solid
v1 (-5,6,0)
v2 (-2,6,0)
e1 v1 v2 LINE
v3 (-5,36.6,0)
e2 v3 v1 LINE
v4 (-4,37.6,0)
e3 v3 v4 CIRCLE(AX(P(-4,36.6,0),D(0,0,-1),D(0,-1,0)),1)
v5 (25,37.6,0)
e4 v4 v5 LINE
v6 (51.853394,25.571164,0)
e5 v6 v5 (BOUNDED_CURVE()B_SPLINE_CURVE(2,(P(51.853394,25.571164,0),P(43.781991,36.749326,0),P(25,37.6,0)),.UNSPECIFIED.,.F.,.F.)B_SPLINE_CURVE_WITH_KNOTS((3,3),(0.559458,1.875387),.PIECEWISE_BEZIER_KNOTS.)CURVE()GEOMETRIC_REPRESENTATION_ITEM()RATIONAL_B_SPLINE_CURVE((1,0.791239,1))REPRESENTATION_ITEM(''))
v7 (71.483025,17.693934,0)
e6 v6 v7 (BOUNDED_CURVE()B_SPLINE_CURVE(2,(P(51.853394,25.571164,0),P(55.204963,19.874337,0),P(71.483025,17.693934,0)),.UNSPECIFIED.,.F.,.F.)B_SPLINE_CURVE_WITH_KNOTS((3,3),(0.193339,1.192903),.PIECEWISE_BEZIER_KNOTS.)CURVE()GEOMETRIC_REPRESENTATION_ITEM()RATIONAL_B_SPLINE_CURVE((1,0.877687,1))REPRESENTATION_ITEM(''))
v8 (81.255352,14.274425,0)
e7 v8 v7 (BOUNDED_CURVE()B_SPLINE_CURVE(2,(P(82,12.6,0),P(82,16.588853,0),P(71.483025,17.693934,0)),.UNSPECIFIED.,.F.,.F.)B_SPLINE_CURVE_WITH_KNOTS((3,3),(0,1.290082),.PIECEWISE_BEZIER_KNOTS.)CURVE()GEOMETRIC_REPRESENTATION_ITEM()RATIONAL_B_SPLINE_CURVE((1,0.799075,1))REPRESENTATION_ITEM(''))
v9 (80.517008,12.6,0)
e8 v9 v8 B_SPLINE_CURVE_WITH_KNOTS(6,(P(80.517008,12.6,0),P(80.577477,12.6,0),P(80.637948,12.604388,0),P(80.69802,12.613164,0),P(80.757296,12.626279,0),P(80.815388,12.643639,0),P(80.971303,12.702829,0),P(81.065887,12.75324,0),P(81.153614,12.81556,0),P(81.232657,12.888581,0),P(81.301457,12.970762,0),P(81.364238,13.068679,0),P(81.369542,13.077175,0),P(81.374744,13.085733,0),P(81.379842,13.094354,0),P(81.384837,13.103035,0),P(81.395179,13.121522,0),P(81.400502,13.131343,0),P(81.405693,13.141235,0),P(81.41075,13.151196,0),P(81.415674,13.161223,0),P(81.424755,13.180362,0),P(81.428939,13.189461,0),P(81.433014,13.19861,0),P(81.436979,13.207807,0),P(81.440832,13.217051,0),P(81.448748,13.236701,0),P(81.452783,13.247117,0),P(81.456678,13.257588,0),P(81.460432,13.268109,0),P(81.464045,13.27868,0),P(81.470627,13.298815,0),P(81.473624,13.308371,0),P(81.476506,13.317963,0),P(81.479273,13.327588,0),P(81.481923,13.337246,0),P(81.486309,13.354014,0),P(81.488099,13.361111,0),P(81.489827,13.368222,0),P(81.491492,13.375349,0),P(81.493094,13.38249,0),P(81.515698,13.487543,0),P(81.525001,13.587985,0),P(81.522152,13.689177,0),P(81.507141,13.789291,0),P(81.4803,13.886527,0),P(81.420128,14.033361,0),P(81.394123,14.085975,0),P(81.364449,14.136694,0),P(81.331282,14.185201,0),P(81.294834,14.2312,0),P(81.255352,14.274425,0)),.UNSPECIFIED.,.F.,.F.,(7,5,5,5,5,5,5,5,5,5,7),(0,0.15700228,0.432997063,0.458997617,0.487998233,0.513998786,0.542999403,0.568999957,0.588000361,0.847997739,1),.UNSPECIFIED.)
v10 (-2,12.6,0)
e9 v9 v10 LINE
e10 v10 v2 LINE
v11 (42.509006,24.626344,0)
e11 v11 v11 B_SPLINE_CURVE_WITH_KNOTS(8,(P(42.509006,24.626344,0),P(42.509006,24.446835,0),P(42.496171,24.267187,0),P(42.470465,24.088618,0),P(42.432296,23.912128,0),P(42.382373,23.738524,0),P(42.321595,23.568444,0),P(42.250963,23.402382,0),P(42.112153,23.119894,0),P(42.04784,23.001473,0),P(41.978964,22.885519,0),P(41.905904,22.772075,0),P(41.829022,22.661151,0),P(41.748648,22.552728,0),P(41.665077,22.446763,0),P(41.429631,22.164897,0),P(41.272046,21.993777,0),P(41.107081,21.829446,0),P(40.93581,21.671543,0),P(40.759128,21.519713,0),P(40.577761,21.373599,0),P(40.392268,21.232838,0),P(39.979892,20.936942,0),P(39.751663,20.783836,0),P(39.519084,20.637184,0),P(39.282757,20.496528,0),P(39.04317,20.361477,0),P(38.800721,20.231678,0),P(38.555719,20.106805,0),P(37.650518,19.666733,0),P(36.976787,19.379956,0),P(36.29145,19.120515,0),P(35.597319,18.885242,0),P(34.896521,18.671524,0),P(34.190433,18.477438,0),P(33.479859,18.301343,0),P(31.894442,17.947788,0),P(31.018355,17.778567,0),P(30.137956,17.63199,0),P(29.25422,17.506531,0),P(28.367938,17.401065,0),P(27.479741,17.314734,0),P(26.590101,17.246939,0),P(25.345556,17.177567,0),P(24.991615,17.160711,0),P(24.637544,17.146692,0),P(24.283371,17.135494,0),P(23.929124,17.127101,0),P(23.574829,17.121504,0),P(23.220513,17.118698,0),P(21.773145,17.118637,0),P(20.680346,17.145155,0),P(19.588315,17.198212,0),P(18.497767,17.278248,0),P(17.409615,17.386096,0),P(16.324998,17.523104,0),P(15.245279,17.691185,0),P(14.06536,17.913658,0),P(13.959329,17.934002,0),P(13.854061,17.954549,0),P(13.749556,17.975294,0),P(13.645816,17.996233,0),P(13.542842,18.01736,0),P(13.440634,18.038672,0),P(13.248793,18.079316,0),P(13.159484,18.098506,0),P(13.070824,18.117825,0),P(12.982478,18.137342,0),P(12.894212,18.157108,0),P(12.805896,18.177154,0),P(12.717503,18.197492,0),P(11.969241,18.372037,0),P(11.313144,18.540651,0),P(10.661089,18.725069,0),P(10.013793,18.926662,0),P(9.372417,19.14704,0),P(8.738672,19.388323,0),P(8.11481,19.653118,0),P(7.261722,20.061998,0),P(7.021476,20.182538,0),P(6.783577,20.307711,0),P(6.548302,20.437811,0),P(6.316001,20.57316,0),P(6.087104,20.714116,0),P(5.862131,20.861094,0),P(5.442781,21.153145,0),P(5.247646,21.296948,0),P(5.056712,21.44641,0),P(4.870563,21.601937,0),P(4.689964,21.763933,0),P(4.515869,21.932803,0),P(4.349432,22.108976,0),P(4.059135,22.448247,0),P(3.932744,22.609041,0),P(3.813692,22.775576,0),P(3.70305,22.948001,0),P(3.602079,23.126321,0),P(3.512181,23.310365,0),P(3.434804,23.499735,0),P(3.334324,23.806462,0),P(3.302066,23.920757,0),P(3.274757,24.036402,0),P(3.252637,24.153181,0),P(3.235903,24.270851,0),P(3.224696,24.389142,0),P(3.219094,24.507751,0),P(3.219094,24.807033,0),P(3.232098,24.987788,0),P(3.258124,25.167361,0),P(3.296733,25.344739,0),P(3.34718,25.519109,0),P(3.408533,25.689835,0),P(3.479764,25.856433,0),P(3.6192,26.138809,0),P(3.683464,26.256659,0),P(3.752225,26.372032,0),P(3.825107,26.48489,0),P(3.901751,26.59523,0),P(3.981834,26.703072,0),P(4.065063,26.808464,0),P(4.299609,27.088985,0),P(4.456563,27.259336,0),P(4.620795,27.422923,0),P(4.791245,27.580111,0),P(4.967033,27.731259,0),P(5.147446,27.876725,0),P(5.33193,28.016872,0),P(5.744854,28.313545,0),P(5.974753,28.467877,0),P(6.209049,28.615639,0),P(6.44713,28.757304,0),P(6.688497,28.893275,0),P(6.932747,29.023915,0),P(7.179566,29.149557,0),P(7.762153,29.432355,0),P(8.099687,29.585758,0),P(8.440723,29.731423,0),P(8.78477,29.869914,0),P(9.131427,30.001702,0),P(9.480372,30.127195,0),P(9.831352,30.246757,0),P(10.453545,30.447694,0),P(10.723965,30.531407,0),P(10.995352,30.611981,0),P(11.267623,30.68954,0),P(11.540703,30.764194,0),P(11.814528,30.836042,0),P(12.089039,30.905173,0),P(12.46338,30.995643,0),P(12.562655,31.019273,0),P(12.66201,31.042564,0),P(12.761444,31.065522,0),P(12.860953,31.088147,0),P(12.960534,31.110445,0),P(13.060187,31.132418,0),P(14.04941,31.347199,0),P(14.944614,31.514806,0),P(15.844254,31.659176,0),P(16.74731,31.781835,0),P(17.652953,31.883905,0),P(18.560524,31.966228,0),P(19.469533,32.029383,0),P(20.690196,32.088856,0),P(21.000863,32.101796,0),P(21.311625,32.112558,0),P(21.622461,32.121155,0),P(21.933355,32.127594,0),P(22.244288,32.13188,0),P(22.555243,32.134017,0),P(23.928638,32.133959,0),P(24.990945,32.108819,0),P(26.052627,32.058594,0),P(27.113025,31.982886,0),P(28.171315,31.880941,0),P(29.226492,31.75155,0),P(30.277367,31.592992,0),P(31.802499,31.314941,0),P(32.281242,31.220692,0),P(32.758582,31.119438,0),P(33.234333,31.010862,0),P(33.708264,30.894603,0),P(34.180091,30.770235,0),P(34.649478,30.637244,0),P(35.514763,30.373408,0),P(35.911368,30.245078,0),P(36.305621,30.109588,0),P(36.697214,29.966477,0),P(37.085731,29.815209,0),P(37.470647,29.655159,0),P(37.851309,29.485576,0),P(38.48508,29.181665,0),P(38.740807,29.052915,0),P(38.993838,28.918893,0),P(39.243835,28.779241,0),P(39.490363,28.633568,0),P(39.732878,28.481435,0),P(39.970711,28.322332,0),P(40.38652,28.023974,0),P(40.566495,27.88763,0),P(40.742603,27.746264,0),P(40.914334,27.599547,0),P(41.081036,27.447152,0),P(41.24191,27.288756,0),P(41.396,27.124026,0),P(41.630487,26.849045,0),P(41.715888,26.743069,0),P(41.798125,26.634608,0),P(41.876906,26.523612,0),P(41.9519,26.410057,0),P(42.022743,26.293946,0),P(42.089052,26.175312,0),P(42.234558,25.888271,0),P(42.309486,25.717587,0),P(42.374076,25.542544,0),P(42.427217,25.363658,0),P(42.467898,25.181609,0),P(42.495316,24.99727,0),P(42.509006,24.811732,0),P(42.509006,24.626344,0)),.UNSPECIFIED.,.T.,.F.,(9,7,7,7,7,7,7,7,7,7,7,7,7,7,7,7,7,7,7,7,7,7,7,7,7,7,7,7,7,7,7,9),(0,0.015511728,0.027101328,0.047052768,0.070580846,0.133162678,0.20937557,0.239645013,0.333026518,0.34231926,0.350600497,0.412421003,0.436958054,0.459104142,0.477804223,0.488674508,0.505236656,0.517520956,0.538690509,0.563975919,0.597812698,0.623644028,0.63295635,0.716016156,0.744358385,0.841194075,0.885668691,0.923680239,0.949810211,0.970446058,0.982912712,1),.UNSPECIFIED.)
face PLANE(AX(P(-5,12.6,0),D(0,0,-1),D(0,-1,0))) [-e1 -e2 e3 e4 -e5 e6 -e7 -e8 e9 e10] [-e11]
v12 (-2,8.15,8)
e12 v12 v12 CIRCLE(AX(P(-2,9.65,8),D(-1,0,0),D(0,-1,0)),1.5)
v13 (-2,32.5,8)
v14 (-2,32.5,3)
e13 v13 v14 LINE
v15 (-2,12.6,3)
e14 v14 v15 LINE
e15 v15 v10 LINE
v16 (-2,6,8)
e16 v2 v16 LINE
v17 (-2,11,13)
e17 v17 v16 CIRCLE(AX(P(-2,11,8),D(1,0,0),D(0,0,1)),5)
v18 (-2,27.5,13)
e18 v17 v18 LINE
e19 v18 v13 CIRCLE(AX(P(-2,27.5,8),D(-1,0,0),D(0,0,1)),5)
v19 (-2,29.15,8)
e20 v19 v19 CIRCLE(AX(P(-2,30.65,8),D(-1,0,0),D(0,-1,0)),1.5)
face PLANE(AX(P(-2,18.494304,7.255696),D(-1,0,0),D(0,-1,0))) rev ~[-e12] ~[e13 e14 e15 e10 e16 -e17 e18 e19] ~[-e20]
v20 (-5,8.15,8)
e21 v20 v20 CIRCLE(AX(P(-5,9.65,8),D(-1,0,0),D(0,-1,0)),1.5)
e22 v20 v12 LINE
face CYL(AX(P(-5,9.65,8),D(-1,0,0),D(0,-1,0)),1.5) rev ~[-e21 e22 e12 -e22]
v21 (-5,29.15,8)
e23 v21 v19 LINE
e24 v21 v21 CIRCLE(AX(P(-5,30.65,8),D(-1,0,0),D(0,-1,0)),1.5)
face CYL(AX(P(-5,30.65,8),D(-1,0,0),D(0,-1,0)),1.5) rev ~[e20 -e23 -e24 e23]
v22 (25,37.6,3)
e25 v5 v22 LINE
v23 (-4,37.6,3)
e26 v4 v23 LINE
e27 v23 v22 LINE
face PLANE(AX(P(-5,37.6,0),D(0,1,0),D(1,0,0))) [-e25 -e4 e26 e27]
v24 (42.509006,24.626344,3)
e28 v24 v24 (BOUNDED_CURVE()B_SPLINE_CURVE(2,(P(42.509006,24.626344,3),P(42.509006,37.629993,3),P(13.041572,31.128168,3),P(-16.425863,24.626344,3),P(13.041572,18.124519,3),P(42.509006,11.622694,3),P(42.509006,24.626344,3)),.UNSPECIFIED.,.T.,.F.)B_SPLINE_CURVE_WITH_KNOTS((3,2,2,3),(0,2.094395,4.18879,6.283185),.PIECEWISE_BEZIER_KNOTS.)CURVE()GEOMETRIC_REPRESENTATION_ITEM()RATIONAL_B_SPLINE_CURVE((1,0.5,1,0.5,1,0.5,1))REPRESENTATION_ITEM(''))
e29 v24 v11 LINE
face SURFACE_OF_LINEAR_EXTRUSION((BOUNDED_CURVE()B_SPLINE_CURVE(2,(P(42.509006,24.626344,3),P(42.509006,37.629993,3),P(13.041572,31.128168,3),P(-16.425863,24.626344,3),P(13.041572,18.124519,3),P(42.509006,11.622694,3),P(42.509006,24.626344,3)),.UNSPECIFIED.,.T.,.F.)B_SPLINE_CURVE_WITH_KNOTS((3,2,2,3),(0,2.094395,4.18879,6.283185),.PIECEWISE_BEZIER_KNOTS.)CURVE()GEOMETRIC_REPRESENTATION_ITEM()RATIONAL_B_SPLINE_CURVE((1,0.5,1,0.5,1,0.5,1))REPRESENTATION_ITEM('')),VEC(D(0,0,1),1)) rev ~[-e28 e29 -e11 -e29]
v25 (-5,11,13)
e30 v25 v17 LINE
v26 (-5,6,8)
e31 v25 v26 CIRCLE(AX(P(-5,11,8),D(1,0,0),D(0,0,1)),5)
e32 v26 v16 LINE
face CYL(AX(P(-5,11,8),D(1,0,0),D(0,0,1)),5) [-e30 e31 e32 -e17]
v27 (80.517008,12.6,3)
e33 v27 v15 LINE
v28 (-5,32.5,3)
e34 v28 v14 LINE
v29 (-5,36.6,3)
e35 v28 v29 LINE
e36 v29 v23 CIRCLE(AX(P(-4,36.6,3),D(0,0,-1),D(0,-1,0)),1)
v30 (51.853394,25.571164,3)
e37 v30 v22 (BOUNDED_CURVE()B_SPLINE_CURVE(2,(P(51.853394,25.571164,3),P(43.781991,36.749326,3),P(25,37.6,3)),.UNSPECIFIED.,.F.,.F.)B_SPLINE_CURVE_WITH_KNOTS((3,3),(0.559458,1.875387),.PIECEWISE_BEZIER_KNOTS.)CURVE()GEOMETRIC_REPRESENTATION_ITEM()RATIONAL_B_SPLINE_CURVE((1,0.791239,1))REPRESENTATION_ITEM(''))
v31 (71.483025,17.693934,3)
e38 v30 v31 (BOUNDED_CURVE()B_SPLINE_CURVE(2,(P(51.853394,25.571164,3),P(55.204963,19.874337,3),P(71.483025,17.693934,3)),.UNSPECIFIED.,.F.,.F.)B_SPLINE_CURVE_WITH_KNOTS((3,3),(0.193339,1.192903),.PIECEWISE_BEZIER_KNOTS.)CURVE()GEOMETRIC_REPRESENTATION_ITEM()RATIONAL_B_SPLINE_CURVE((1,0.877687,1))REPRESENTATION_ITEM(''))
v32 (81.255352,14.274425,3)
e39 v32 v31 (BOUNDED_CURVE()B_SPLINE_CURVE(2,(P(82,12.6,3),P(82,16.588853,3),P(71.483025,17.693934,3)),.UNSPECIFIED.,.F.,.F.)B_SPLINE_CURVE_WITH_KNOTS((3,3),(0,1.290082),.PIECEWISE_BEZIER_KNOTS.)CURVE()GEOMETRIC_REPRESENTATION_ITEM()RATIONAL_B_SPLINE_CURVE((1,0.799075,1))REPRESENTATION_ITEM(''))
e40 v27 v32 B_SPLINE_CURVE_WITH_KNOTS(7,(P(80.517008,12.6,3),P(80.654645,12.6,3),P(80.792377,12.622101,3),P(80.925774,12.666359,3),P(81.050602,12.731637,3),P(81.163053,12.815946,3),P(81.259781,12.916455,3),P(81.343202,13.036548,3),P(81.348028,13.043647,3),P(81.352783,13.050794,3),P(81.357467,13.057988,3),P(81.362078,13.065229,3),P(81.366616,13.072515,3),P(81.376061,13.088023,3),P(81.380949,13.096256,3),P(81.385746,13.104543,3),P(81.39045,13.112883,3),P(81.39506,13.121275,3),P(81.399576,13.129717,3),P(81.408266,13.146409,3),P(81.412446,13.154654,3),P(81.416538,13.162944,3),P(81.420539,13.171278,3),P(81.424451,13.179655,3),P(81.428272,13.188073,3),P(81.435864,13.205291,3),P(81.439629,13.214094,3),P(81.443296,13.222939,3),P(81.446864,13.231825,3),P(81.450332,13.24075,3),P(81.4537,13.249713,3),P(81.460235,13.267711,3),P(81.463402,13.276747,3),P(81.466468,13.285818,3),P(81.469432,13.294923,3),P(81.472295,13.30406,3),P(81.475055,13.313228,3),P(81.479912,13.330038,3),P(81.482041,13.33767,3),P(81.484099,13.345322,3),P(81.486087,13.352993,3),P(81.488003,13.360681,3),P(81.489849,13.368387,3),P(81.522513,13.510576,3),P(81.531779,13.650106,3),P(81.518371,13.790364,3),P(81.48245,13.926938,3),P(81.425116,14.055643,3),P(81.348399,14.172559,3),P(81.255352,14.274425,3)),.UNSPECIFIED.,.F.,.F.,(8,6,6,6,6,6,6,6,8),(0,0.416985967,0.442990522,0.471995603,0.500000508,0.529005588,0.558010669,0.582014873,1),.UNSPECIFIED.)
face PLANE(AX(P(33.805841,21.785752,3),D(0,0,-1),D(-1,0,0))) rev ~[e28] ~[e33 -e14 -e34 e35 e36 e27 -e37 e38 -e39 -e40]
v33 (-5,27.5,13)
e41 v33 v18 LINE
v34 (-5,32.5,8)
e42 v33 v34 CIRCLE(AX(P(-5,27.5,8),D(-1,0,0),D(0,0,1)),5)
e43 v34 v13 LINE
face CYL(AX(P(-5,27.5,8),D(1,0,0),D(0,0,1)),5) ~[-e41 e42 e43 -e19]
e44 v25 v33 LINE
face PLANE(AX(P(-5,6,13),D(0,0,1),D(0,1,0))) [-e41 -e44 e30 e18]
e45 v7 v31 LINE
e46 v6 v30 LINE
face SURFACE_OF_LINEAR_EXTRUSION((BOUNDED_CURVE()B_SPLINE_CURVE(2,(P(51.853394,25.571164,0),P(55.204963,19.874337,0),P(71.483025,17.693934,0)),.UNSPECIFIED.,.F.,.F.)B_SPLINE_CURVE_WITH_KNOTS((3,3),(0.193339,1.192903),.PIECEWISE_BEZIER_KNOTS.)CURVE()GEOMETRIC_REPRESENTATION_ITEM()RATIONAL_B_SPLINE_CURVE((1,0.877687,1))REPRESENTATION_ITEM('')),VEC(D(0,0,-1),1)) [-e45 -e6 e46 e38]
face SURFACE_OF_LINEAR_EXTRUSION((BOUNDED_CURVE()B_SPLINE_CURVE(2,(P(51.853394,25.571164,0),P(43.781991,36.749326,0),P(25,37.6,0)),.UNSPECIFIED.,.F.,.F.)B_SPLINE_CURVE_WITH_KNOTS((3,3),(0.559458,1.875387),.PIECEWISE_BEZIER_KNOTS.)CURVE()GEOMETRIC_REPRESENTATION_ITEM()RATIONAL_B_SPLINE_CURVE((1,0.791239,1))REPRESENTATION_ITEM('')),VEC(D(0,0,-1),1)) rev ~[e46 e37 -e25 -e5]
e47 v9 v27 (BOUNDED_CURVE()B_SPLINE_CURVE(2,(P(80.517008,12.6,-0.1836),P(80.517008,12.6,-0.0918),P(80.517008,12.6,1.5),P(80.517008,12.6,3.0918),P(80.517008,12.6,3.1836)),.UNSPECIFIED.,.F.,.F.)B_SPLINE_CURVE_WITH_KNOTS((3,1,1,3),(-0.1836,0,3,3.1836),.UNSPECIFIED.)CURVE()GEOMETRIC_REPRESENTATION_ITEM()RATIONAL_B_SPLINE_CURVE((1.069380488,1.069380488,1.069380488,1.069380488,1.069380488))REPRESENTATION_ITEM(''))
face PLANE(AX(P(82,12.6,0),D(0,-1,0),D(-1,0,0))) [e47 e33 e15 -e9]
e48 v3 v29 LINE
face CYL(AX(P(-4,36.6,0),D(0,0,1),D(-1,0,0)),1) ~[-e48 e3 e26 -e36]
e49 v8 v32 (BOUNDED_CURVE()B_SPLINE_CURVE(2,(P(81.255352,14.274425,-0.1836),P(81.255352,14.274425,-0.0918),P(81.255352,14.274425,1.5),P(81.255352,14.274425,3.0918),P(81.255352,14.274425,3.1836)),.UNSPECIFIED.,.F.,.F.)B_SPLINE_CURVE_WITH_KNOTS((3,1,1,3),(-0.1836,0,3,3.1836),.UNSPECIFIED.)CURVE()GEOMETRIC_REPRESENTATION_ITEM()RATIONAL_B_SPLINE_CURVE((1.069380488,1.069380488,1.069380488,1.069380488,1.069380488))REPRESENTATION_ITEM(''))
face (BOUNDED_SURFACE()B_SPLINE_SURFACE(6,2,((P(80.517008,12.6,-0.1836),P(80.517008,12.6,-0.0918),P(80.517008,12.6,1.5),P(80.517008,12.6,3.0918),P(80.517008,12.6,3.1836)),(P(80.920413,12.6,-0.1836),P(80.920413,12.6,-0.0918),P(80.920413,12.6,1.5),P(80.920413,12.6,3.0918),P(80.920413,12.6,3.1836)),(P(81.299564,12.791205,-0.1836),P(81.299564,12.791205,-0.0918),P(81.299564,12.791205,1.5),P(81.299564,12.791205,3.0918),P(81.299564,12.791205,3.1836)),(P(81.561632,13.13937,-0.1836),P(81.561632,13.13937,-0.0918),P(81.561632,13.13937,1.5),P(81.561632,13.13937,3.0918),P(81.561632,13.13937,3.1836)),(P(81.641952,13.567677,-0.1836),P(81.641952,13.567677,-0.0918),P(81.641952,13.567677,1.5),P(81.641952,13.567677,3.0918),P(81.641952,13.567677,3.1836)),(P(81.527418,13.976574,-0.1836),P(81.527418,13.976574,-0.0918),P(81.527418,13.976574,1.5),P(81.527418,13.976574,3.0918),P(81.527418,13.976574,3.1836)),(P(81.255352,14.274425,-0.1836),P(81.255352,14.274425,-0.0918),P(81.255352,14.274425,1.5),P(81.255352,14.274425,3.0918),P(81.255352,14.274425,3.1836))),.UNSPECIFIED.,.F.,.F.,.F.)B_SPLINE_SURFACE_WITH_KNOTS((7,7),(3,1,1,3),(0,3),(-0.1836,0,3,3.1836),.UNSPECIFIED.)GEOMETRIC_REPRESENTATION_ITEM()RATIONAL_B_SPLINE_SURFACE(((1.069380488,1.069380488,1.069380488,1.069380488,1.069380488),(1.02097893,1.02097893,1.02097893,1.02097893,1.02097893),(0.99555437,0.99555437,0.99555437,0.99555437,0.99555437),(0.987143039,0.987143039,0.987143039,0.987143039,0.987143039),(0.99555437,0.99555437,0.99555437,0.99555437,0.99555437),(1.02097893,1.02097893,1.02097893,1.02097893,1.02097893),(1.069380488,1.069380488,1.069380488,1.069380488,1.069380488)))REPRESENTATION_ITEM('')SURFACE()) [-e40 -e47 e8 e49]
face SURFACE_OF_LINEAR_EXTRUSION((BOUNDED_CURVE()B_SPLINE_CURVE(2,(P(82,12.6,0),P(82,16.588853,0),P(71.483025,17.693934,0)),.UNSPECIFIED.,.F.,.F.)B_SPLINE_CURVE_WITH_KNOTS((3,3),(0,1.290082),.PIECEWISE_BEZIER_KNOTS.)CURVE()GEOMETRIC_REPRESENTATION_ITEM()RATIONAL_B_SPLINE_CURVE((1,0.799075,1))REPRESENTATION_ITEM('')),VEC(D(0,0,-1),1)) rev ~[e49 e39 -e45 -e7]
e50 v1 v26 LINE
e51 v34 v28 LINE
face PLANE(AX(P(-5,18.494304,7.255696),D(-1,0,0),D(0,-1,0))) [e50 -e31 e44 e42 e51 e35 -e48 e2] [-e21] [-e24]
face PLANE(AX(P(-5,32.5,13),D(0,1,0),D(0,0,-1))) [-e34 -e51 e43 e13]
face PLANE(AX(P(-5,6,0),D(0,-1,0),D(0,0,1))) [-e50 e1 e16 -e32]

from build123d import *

# Parameters (mm, degrees)
PAD_DEPTH       = 3
PAD001_DEPTH    = 3
SKETCH002_R     = 1.5
POCKET_DEPTH    = 87.001
FILLET_R        = 5
FILLET001_R     = 1
FILLET002_R     = 1
POCKET001_DEPTH = 3.001


with BuildPart() as part:
    # Sketch → Pad (new body)
    with BuildSketch(Plane.XY):
        with BuildLine():
            add(Edge.make_bspline(
                [(51.853394, 25.571164), (55.204963, 19.874337), (71.483025, 17.693934)],
                knots=[0.193339, 0.193339, 0.193339, 1.192903, 1.192903, 1.192903], degree=2, weights=[1, 0.877687, 1]))
            add(Edge.make_bspline(
                [(82, 12.6), (82, 16.588853), (71.483025, 17.693934)],
                knots=[0, 0, 0, 1.290082, 1.290082, 1.290082], degree=2, weights=[1, 0.799075, 1]))
            Line((82, 12.6), (-5, 12.6))
            Line((-5, 12.6), (-5, 37.6))
            Line((-5, 37.6), (25, 37.6))
            add(Edge.make_bspline(
                [(51.853394, 25.571164), (43.781991, 36.749326), (25, 37.6)],
                knots=[0.559458, 0.559458, 0.559458, 1.875387, 1.875387, 1.875387], degree=2, weights=[1, 0.791239, 1]))
        make_face()
    extrude(amount=PAD_DEPTH)

    # Sketch001 (on Face4 of Pad) → Pad001 (join)
    with BuildSketch(Plane(origin=(-5, 0, 0), x_dir=(0, -1, 0), z_dir=(-1, 0, 0))):
        Polygon((-6, 13), (-32.5, 13), (-32.5, 3), (-12.6, 3), (-12.6, 0), (-6, 0), align=None)
    extrude(amount=-PAD001_DEPTH)

    # Sketch002 (on Face13 of Pad001) → Pocket (cut, through all)
    with BuildSketch(Plane(origin=(-5, 0, 0), x_dir=(0, -1, 0), z_dir=(-1, 0, 0))):
        with Locations((-30.65, 8)):
            Circle(SKETCH002_R)
        with Locations((-9.65, 8)):
            Circle(SKETCH002_R)
    extrude(amount=-POCKET_DEPTH, mode=Mode.SUBTRACT)

    # Fillet
    fillet_edges = [part.edges().sort_by_distance(p)[0] for p in [
        (-3.5, 6, 13),
        (-3.5, 32.5, 13),
    ]]
    fillet(fillet_edges, radius=FILLET_R)

    # Fillet001
    fillet001_edges = [part.edges().sort_by_distance(p)[0] for p in [
        (-5, 37.6, 1.5),
    ]]
    fillet(fillet001_edges, radius=FILLET001_R)

    # Fillet002
    fillet002_edges = [part.edges().sort_by_distance(p)[0] for p in [
        (82, 12.6, 1.5),
    ]]
    fillet(fillet002_edges, radius=FILLET002_R)

    # Sketch003 (on Face1 of Fillet002) → Pocket001 (cut, through all)
    with BuildSketch(Plane.XY.offset(3)):
        with BuildLine():
            add(Edge.make_bspline(
                [(42.509006, 24.626344), (42.509006, 37.629993), (13.041572, 31.128168), (-16.425863, 24.626344), (13.041572, 18.124519), (42.509006, 11.622694), (42.509006, 24.626344)],
                knots=[0, 0, 0, 2.094395, 2.094395, 4.18879, 4.18879, 6.283185, 6.283185, 6.283185], degree=2, weights=[1, 0.5, 1, 0.5, 1, 0.5, 1]))
        make_face()
    extrude(amount=-POCKET001_DEPTH, mode=Mode.SUBTRACT)


solid = part.part
